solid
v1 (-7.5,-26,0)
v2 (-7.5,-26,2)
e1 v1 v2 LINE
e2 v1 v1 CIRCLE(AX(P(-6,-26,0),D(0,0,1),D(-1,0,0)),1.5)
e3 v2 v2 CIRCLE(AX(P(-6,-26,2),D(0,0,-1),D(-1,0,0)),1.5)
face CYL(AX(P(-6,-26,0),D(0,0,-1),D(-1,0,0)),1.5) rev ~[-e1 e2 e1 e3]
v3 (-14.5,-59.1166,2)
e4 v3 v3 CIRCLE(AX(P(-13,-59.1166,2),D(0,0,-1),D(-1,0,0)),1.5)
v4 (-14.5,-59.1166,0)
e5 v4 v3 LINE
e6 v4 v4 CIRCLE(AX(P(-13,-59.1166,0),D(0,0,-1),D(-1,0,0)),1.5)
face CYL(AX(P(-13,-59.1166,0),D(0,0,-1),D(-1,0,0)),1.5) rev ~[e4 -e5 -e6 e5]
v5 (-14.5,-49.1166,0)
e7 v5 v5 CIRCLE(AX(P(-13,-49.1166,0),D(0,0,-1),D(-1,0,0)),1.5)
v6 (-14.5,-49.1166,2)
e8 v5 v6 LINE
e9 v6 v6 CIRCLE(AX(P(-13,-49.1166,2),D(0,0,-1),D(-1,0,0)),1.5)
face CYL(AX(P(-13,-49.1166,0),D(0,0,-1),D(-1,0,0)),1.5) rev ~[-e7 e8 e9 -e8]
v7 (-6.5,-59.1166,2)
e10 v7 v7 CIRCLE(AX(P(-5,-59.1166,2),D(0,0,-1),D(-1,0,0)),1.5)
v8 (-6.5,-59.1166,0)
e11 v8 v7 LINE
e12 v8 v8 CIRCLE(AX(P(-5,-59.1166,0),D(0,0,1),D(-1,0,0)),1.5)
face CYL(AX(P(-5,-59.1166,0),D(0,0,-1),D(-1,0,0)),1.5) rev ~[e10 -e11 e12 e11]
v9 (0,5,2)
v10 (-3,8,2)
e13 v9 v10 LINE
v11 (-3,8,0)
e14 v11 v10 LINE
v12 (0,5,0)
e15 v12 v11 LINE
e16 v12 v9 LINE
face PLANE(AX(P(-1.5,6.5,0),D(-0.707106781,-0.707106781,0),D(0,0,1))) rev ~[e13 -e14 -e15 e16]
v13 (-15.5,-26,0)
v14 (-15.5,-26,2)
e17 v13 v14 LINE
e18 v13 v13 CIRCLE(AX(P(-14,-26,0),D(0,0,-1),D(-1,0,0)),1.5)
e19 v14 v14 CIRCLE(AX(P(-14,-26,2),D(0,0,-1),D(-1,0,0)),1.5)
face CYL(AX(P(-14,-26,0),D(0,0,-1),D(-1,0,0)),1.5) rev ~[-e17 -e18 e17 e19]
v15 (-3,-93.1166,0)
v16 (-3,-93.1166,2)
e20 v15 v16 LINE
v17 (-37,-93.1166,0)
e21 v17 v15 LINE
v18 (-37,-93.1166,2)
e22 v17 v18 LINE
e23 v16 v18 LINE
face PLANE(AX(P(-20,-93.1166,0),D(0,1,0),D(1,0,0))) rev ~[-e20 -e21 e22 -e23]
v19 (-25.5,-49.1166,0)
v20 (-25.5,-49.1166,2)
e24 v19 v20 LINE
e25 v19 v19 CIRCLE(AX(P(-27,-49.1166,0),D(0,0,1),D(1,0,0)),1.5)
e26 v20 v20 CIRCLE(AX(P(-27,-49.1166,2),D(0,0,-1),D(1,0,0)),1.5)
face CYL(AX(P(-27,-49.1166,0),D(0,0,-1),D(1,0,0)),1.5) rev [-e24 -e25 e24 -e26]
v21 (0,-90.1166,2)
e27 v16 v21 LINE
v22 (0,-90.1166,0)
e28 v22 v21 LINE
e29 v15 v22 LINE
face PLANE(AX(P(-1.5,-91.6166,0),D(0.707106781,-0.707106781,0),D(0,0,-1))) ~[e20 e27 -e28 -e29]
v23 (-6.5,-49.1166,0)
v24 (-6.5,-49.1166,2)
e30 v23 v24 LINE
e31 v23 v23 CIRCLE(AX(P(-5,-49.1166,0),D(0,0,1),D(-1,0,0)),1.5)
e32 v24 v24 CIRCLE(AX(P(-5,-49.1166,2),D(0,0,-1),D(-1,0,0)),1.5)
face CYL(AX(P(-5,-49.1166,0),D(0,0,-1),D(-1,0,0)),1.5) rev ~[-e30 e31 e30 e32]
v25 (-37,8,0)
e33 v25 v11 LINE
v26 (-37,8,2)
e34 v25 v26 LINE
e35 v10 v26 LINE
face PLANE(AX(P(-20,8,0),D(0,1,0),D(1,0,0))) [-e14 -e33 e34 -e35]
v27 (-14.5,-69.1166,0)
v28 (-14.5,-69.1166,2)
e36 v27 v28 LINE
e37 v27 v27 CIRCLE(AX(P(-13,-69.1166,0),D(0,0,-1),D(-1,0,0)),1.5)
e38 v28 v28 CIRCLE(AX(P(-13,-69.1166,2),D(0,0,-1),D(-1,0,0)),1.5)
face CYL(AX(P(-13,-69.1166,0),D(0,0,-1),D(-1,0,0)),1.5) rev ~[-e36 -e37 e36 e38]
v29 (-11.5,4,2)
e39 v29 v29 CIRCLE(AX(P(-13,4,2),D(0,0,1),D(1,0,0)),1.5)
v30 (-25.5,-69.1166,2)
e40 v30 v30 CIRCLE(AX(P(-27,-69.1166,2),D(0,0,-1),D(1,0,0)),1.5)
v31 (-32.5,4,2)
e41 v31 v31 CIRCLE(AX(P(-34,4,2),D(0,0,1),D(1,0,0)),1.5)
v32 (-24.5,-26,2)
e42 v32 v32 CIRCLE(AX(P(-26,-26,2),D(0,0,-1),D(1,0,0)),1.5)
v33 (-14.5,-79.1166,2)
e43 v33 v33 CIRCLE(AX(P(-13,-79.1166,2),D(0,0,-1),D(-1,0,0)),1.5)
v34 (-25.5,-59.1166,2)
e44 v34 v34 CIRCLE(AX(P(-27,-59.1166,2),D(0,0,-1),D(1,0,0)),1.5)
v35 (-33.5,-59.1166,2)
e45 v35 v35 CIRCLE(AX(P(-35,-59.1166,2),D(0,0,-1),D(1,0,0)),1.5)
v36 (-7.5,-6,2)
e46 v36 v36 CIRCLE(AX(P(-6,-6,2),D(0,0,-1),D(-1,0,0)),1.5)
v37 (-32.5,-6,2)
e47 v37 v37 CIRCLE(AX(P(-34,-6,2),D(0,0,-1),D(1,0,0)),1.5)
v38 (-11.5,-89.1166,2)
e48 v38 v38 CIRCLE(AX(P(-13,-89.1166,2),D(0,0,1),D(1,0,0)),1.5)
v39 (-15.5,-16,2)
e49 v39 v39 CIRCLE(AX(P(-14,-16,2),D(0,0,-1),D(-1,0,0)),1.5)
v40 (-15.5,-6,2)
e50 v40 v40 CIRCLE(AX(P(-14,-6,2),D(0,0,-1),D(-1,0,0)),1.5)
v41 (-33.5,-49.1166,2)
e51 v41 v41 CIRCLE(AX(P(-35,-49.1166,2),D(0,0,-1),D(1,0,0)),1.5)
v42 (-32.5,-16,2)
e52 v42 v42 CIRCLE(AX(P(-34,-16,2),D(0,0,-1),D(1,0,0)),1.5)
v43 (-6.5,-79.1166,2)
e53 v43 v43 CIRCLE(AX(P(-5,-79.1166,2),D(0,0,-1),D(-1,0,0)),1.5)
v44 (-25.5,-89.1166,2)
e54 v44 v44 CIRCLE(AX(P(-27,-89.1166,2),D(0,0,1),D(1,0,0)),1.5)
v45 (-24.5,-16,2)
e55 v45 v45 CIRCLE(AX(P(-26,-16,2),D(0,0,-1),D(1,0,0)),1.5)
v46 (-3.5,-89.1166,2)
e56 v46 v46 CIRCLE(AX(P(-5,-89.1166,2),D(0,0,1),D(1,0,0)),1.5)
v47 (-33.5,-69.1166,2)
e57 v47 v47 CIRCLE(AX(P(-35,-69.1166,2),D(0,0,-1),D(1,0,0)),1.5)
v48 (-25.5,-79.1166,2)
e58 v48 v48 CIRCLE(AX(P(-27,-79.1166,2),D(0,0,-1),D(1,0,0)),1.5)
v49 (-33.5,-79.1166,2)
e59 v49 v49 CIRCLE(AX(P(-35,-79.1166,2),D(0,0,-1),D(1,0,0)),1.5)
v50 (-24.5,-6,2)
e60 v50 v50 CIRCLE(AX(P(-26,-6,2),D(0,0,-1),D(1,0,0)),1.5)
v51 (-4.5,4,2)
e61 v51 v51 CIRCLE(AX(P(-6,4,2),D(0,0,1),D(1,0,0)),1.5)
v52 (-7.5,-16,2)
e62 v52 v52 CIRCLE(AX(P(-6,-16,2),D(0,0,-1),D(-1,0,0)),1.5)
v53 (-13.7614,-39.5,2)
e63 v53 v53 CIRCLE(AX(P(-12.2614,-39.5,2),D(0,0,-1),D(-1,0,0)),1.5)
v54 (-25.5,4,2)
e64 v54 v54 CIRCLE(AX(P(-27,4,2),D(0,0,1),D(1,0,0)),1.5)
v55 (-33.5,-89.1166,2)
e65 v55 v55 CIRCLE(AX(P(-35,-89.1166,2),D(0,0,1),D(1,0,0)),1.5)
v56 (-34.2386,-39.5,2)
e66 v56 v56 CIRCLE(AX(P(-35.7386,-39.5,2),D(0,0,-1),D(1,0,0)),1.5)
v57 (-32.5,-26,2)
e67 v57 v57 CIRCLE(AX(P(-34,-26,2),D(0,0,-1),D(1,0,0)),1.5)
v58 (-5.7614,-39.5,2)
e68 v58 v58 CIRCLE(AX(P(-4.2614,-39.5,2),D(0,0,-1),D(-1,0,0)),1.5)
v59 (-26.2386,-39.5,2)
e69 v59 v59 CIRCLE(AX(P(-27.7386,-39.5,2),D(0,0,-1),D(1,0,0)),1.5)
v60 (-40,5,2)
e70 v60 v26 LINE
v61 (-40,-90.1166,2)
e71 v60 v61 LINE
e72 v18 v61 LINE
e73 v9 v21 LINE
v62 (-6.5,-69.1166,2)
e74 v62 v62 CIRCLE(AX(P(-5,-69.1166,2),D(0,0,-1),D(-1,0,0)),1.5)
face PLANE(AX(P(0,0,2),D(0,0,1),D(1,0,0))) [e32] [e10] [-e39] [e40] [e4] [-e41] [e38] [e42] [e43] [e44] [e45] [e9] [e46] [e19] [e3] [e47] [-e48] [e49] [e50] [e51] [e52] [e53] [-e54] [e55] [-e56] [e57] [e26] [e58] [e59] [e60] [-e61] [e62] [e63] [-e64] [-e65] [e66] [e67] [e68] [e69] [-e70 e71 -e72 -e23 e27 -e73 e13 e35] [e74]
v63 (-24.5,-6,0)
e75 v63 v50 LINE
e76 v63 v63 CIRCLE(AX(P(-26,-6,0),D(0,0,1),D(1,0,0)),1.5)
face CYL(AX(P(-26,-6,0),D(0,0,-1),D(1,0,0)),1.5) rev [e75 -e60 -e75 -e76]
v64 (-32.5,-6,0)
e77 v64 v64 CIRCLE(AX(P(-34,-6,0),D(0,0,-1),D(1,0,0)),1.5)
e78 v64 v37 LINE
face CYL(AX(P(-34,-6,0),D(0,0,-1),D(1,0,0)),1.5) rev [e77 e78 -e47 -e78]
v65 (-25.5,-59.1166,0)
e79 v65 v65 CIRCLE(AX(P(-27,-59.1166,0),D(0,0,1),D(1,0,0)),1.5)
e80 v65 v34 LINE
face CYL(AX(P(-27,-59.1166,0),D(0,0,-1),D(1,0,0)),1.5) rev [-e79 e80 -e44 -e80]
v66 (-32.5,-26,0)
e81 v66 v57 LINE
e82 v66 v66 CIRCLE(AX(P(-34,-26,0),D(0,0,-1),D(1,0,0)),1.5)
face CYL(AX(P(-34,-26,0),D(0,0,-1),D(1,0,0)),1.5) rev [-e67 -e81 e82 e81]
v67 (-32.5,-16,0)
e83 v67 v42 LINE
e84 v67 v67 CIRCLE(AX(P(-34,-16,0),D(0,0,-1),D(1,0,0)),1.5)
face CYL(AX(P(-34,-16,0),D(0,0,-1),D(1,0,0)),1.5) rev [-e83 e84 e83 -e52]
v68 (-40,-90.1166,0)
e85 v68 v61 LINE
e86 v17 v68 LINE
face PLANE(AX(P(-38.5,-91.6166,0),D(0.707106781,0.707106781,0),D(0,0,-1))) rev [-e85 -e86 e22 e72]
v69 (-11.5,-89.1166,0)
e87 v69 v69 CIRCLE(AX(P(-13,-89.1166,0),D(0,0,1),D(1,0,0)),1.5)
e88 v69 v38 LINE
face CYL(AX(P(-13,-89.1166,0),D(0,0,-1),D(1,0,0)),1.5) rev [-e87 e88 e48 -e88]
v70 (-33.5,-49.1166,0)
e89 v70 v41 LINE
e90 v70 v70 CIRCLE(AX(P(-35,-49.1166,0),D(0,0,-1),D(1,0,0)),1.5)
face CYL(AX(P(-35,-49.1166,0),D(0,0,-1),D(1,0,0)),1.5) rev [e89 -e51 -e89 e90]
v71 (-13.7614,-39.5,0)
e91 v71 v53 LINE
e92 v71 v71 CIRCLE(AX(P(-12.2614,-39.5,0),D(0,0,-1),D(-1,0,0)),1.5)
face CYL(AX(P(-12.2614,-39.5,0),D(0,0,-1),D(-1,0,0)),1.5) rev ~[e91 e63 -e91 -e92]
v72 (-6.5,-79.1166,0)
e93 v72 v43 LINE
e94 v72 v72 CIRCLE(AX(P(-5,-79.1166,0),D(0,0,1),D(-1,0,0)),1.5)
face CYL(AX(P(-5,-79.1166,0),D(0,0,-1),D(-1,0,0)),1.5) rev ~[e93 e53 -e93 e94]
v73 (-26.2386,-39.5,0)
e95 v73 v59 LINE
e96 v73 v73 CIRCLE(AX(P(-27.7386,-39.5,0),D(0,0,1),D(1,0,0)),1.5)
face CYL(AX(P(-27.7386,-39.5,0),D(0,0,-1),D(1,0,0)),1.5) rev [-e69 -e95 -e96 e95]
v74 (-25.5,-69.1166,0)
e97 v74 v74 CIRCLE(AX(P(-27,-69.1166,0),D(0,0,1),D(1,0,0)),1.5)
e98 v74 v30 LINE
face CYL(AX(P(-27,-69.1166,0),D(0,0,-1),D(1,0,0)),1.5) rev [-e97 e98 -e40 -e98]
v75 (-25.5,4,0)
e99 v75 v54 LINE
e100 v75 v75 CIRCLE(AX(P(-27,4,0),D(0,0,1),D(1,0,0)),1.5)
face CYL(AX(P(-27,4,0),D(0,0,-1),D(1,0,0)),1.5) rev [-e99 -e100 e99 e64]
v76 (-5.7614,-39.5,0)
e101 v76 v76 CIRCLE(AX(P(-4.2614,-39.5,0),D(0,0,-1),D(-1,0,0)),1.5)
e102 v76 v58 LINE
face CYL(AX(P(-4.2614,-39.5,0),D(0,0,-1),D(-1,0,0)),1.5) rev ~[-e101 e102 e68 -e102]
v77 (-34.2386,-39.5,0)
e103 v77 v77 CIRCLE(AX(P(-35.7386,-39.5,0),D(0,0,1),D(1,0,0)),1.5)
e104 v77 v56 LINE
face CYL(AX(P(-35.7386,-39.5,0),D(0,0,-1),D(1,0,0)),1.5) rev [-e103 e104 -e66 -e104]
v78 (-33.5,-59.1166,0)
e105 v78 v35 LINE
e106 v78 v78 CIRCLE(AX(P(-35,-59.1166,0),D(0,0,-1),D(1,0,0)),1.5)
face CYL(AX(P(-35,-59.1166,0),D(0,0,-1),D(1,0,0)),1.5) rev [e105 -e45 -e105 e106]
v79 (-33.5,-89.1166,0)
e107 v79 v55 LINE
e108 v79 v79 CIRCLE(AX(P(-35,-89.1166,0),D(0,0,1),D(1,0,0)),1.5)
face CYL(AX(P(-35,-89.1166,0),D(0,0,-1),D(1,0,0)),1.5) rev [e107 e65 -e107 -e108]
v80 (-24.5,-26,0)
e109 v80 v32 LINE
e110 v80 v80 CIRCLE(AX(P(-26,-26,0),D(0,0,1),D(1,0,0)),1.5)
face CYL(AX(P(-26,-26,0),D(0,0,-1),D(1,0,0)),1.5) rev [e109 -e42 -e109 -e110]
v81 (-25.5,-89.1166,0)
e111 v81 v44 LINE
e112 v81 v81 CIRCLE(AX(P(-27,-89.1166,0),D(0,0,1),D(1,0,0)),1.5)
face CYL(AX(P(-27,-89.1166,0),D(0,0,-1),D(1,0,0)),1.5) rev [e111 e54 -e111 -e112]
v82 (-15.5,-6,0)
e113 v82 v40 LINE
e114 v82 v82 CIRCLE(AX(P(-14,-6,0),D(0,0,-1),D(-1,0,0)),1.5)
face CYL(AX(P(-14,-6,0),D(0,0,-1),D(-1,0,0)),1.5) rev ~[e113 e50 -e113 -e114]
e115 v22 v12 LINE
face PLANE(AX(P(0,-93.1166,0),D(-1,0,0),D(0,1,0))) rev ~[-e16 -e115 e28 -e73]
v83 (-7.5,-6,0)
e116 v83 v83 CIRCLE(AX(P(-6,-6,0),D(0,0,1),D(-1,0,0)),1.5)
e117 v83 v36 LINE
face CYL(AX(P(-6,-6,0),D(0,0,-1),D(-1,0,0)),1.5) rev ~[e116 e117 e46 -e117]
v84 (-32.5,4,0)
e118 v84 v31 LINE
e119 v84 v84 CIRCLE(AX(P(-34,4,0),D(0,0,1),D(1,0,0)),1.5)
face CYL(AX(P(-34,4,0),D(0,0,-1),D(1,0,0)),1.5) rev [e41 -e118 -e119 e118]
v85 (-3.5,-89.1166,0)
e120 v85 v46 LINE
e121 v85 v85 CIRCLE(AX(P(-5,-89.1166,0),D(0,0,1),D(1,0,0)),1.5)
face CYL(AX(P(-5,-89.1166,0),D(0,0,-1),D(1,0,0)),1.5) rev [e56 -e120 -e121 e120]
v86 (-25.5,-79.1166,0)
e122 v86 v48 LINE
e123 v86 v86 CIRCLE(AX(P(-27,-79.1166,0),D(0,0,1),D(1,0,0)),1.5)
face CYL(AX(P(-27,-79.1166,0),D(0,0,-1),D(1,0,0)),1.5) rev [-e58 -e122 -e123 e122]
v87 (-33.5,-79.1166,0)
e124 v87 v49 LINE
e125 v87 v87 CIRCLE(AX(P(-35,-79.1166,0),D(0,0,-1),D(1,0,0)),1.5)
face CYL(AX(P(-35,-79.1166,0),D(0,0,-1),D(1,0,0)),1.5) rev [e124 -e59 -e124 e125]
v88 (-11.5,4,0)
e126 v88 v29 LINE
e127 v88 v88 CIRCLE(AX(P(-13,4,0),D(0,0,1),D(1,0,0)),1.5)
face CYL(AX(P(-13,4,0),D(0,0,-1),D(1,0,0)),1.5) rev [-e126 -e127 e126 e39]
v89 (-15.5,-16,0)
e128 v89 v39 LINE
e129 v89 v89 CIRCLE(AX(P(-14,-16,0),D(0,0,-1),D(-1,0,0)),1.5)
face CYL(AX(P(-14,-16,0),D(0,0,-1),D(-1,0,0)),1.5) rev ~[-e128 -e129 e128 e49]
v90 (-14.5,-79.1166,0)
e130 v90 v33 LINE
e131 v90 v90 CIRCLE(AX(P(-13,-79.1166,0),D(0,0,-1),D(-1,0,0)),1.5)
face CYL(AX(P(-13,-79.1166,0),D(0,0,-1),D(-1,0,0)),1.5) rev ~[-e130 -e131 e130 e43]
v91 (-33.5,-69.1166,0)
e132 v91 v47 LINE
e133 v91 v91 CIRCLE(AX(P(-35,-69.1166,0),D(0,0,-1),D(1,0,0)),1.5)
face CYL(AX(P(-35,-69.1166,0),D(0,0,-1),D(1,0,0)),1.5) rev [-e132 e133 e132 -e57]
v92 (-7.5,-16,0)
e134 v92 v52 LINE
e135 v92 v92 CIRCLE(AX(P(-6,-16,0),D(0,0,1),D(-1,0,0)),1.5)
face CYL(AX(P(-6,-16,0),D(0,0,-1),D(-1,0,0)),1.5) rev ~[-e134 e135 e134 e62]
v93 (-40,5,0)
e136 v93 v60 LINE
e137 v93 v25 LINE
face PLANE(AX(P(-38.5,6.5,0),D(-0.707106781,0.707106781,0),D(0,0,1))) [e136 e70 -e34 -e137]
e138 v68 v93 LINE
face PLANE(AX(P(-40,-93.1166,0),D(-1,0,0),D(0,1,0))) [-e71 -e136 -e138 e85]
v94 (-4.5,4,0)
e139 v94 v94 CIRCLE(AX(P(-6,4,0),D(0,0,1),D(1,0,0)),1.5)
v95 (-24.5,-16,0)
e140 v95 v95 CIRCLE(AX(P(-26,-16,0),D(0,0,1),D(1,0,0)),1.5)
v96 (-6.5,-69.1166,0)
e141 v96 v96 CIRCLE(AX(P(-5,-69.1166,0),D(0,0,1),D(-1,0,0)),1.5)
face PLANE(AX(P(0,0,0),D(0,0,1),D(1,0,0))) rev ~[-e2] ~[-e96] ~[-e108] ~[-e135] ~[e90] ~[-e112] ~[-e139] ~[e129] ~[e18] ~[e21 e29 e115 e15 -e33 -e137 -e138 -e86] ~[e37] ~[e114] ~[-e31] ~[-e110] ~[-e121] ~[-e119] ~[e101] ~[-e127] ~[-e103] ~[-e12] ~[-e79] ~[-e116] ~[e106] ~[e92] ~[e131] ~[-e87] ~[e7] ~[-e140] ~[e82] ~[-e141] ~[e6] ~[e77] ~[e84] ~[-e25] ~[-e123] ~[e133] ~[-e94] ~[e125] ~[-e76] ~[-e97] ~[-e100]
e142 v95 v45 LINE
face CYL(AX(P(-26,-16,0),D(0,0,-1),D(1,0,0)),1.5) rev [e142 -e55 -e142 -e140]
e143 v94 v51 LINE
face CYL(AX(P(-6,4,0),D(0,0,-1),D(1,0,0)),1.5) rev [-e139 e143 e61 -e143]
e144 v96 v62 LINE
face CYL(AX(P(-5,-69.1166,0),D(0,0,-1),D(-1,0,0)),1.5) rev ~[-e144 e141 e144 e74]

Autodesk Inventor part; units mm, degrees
ref_plane "YZ Plane" through (0, 0, 0) normal (1, 0, 0) x (0, 1, 0)
ref_plane "XZ Plane" through (0, 0, 0) normal (0, 1, 0) x (-1, 0, 0)
ref_plane "XY Plane" through (0, 0, 0) normal (0, 0, 1) x (1, 0, 0)
sketch "Sketch1" plane through (0, 0, 0) normal (0, 0, 1) x (1, 0, 0)
  circle A0 centre (-11, -99.1166) radius 1.5 projected
  circle A1 centre (-13, -89.1166) radius 1.5 projected
  circle A2 centre (-5, -89.1166) radius 1.5 projected
  line L0 (0, -100.499) -> (0, -85.1166) projected
  line L1 (0, -85.1166) -> (-20, -85.1166) projected
  line L2 (-20, -85.1166) -> (-20, -111.0877) projected
  line L3 (-20, -111.0877) -> (-11.9783, -111.0877) projected
  line L4 (-11.9783, -111.0877) -> (-7.95, -105.7166) projected
  arc A3 (0, -100.499) -> (-7.95, -105.7166) centre (3.25, -114.1166) ccw projected
  circle A4 centre (-29, -99.1166) radius 1.5 projected
  circle A5 centre (-27, -89.1166) radius 1.5 projected
  circle A6 centre (-35, -89.1166) radius 1.5 projected
  line L5 (-40, -100.499) -> (-40, -85.1166) projected
  arc A7 (-32.05, -105.7166) -> (-40, -100.499) centre (-43.25, -114.1166) ccw projected
  line L6 (-28.0217, -111.0877) -> (-32.05, -105.7166) projected
  line L7 (-20, -111.0877) -> (-28.0217, -111.0877) projected
  line L8 (-20, -85.1166) -> (-20, -111.0877) projected
  line L9 (-40, -85.1166) -> (-20, -85.1166) projected
  circle A8 centre (-6, 4) radius 1.5 projected
  circle A9 centre (-10, 13) radius 1.5 projected
  circle A10 centre (-13, 4) radius 1.5 projected
  line L10 (-10, 23) -> (-10, 40) projected
  line L11 (-20, 40) -> (-10, 40) projected
  line L12 (-20, 0) -> (-20, 40) projected
  line L13 (0, 0) -> (-20, 0) projected
  line L14 (0, 0) -> (0, 8) projected
  line L15 (0, 8) -> (-10, 23) projected
  circle A11 centre (-34, 4) radius 1.5 projected
  circle A12 centre (-30, 13) radius 1.5 projected
  circle A13 centre (-27, 4) radius 1.5 projected
  line L16 (-30, 23) -> (-30, 40) projected
  line L17 (-40, 8) -> (-30, 23) projected
  line L18 (-40, 0) -> (-40, 8) projected
  line L19 (-40, 0) -> (-20, 0) projected
  line L20 (-20, 0) -> (-20, 40) projected
  line L21 (-20, 40) -> (-30, 40) projected
  line L22 (0, 0) -> (-40, 0)
  line L23 (-40, 0) -> (-40, 8)
  line L24 (-40, 8) -> (0, 8)
  line L25 (0, 8) -> (0, 0)
  line L26 (0, -85.1166) -> (-40, -85.1166)
  line L27 (-40, -85.1166) -> (-40, -93.1166)
  line L28 (-40, -93.1166) -> (0, -93.1166)
  line L29 (0, -93.1166) -> (0, -85.1166)
  line L30 (0, -85.1166) -> (-40, -85.1166)
  line L31 (-40, -85.1166) -> (-40, 0)
  line L32 (-40, 0) -> (0, 0)
  line L33 (0, 0) -> (0, -85.1166)
  point P0 (0, -93.1166)
  dimension "d0" = 40
  dimension "d1" = 8
  dimension "d2" = 40
  dimension "d3" = 8
extrude "Extrusion1" add sketch "Sketch1" along normal blind 2 contours L28 L2 L1 L0 | L1 L9 L31 L19 L13 L33 | L28 L5 L9 L2 | L13 L12 L24 L14 | L19 L18 L24 L12
sketch "Sketch2" plane through (0, 0, 0) normal (0, 0, -1) x (-1, 0, 0)
  circle A0 centre (12.2614, -39.5) radius 1.5 projected
  circle A1 centre (4.2614, -39.5) radius 1.5 projected
  point P0 (0, 0)
extrude "Extrusion2" cut sketch "Sketch2" against normal blind 10
ref_plane "Work Plane1" through (-20, -93.1166, 0) normal (1, 0, 0) x (0, 0, -1)
mirror "Mirror1" about plane through (-20, -93.1166, 0) normal (1, 0, 0) of "Extrusion2"
sketch "Sketch3" plane through (0, 0, 0) normal (0, 0, -1) x (-1, 0, 0)
  circle A0 centre (35.7386, -39.5) radius 1.5 projected
  circle A1 centre (27.7386, -39.5) radius 1.5 projected
  circle A2 centre (4.2614, -39.5) radius 1.5 projected
  circle A3 centre (12.2614, -39.5) radius 1.5 projected
  line L0 (40, 8) -> (40, -93.1166) projected
  line L1 (0, 8) -> (40, 8) projected
  line L2 (0, -93.1166) -> (0, 8) projected
  line L3 (40, -93.1166) -> (0, -93.1166) projected
  circle A4 centre (13, 4) radius 1.5 projected
  circle A5 centre (6, 4) radius 1.5 projected
  circle A6 centre (27, 4) radius 1.5 projected
  circle A7 centre (34, 4) radius 1.5 projected
  circle A8 centre (35, -89.1166) radius 1.5 projected
  circle A9 centre (27, -89.1166) radius 1.5 projected
  circle A10 centre (5, -89.1166) radius 1.5 projected
  circle A11 centre (13, -89.1166) radius 1.5 projected
  circle A12 centre (6, 4) radius 1.5 projected
  line L4 (6, 4) -> (6, -6)
  line L5 (6, -6) -> (6, -16)
  line L6 (6, -16) -> (6, -26)
  circle A13 centre (6, -6) radius 1.5
  circle A14 centre (6, -16) radius 1.5
  circle A15 centre (6, -26) radius 1.5
  circle A16 centre (5, -89.1166) radius 1.5 projected
  line L7 (5, -89.1166) -> (5, -79.1166)
  line L8 (5, -79.1166) -> (5, -69.1166)
  line L9 (5, -69.1166) -> (5, -59.1166)
  line L10 (5, -59.1166) -> (5, -49.1166)
  circle A17 centre (5, -49.1166) radius 1.5
  circle A18 centre (5, -59.1166) radius 1.5
  circle A19 centre (5, -69.1166) radius 1.5
  circle A20 centre (5, -79.1166) radius 1.5
  circle A21 centre (14, -6) radius 1.5
  circle A22 centre (14, -16) radius 1.5
  circle A23 centre (14, -26) radius 1.5
  circle A24 centre (13, -49.1166) radius 1.5
  circle A25 centre (13, -59.1166) radius 1.5
  circle A26 centre (13, -69.1166) radius 1.5
  circle A27 centre (13, -79.1166) radius 1.5
  point P0 (0, 0)
  dimension "d8" = 10
  dimension "d9" = 10
  dimension "d10" = 10
  dimension "d11" = 3
  dimension "d12" = 3
  dimension "d13" = 3
  dimension "d14" = 10
  dimension "d15" = 10
  dimension "d16" = 10
  dimension "d17" = 10
  dimension "d18" = 3
  dimension "d19" = 3
  dimension "d20" = 3
  dimension "d21" = 3
  dimension "d24" = 8
extrude "Extrusion3" cut sketch "Sketch3" against normal blind 10 contours A15 | A14 L6 L5 | L5 L6 A14 | A13 L5 L4 | L4 L5 A13 | A17 | A18 L10 L9 | L9 L10 A18 | A19 L9 L8 | L8 L9 A19 | A20 L8 L7 | L7 L8 A20 | A21 | A22 | A23 | A24 | A25 | A26 | A27
mirror "Mirror2" about plane through (-20, -93.1166, 0) normal (1, 0, 0) of "Extrusion3"
chamfer "Chamfer1" distance 3 angle 45 4 edges at (0, 8, 1) (0, -93.1166, 1) (-40, -93.1166, 1) (-40, 8, 1)
properties part number "body_bone_1"
